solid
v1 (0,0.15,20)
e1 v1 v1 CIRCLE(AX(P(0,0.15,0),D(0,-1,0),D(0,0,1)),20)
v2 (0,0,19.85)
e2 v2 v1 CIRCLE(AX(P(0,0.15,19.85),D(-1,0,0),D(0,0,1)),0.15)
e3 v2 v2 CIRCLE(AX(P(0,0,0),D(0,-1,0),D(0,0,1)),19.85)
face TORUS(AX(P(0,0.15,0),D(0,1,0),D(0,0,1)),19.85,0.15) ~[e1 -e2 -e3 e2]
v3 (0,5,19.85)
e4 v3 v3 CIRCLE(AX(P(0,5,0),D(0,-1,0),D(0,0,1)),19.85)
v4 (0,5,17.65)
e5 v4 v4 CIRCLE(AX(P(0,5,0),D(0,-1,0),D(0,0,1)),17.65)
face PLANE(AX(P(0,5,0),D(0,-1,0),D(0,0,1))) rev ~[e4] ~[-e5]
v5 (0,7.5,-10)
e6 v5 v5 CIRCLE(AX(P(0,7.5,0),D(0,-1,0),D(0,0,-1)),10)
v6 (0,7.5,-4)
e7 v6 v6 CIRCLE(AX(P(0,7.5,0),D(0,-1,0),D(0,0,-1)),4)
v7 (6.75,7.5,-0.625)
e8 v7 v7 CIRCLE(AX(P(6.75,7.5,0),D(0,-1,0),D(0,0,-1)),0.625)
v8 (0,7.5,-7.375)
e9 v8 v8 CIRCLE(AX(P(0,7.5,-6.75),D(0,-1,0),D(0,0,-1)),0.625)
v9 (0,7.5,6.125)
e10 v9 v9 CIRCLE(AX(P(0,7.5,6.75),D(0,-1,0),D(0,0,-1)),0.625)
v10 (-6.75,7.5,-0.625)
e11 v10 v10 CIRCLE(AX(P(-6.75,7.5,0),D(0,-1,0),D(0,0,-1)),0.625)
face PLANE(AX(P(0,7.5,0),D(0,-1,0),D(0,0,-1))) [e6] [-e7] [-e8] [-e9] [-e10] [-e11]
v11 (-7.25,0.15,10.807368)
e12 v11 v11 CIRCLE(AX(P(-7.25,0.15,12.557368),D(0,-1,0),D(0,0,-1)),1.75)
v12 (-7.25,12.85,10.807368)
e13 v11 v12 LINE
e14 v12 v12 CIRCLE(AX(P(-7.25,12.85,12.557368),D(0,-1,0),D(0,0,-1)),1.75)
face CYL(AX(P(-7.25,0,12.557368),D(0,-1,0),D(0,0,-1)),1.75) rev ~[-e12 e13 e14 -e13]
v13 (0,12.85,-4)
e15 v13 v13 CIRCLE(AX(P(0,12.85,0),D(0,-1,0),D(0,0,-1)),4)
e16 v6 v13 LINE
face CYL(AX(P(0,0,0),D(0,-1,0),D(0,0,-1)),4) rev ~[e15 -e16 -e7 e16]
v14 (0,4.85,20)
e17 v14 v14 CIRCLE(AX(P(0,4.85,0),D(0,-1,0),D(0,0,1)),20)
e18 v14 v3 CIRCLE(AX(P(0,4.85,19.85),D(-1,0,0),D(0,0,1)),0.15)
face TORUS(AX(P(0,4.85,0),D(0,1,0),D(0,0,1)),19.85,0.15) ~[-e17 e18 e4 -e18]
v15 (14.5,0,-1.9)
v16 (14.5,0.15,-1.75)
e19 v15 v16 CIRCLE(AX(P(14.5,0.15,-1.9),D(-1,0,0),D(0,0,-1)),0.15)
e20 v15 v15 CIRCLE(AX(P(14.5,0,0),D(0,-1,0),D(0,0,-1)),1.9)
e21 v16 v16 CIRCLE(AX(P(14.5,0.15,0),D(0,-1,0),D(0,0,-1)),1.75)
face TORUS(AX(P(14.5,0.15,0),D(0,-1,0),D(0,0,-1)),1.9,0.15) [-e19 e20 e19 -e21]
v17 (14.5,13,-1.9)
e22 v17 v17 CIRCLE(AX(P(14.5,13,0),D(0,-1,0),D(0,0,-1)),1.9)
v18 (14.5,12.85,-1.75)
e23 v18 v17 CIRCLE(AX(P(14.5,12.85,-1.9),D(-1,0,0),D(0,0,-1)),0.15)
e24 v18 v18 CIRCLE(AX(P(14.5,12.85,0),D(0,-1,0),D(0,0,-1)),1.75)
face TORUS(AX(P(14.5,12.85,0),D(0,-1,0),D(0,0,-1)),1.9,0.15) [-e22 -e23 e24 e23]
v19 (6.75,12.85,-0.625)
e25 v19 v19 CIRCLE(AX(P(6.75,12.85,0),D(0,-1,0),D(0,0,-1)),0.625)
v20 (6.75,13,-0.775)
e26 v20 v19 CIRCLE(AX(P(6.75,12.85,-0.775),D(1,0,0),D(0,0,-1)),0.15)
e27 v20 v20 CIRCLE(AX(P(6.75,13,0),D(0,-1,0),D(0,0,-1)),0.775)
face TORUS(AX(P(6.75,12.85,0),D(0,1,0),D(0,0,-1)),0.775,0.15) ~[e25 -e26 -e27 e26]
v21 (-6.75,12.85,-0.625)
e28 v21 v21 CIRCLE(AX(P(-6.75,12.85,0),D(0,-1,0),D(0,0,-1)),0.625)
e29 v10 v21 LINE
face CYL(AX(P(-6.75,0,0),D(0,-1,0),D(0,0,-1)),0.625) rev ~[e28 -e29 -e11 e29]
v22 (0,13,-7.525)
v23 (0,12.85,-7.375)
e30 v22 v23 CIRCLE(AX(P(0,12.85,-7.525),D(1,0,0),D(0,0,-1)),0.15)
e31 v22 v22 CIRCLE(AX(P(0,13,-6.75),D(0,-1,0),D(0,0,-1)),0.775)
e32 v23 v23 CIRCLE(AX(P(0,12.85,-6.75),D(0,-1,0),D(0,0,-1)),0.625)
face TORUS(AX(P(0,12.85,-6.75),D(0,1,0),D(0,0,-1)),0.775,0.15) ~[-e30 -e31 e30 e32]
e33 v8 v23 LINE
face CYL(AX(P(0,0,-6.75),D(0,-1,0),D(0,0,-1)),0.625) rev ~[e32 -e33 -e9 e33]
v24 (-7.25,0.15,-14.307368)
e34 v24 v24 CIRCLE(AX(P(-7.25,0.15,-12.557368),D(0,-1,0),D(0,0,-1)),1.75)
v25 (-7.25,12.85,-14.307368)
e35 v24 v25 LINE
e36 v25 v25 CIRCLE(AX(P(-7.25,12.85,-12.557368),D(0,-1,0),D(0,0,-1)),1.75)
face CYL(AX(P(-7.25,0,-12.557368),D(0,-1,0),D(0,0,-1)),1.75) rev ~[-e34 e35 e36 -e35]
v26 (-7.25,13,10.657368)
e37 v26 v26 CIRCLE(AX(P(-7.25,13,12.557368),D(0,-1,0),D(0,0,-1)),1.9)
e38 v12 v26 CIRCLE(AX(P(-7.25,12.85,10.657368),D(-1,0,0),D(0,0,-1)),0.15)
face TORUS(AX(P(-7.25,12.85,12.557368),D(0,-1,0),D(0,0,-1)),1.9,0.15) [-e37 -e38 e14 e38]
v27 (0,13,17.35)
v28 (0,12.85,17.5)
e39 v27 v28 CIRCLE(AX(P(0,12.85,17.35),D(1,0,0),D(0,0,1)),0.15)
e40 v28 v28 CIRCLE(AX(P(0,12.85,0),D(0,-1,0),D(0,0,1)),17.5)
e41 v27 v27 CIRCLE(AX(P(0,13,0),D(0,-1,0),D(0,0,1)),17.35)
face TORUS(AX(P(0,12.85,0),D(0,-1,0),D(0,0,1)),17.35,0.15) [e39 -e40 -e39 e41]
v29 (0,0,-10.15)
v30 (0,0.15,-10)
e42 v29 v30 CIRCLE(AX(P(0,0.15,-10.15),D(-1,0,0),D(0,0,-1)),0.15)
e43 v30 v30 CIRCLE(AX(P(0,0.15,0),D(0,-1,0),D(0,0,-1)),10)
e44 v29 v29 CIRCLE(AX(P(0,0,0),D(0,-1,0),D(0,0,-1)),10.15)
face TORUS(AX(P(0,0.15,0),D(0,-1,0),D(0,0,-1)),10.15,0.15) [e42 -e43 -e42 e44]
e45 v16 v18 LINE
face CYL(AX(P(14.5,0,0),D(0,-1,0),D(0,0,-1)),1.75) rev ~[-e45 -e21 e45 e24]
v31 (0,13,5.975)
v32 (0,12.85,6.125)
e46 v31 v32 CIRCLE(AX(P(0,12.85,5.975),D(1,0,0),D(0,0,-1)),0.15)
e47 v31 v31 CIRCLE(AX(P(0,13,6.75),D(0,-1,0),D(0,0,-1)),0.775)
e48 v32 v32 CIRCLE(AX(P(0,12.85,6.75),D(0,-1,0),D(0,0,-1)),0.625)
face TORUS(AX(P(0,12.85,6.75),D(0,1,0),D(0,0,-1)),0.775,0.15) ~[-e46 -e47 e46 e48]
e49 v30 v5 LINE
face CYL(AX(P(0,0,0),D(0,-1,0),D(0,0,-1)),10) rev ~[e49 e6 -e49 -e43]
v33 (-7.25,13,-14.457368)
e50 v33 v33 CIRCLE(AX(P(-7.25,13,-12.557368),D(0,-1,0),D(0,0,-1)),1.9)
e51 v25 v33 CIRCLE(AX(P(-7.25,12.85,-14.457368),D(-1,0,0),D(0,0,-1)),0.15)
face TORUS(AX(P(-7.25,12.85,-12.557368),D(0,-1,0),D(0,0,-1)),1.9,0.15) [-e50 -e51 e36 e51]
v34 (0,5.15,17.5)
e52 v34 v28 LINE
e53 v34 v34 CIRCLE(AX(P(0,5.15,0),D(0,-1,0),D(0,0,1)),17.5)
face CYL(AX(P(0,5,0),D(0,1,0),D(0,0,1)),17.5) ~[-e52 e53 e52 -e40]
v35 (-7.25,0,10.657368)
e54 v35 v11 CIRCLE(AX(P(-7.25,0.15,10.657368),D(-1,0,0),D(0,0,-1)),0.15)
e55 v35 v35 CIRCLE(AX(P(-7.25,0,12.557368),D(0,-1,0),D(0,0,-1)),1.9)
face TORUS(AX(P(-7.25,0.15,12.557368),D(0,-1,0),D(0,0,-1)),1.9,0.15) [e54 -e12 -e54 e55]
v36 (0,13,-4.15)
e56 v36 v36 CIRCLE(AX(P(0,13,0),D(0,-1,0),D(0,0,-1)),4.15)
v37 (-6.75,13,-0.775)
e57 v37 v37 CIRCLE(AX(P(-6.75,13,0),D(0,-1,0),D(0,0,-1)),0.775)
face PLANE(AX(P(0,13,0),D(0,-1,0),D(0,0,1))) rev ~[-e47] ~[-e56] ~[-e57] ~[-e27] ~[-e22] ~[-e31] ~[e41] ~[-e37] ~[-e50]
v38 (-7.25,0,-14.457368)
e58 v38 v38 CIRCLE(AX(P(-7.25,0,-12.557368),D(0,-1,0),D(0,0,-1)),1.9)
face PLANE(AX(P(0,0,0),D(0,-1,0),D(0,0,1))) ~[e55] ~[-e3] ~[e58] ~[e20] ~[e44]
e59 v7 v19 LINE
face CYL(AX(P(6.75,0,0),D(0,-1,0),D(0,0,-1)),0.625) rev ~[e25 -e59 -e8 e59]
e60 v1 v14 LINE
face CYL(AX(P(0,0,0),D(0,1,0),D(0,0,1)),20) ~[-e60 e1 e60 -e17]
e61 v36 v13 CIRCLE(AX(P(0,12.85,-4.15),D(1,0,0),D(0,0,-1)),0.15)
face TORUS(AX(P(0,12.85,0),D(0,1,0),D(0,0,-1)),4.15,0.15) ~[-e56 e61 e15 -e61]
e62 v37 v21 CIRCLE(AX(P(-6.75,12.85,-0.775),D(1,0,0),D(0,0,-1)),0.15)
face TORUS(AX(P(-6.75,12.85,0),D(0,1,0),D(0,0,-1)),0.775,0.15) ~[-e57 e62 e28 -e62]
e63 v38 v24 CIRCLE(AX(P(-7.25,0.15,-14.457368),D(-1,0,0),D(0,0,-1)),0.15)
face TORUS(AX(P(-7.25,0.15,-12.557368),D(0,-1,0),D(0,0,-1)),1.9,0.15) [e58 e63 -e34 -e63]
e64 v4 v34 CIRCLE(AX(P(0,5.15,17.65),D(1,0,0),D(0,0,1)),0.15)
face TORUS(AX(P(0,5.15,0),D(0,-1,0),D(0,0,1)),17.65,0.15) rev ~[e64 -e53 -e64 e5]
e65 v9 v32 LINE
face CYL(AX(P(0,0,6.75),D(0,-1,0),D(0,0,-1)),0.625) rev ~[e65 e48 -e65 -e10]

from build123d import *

# Parameters (mm, degrees)
SKETCH2_R          = 1.75
SKETCH2_R_2        = 4
SKETCH2_R_3        = 0.625
CUT_EXTRUDE1_DEPTH = 32.128764833
SKETCH2_3_R        = 10
CUT_EXTRUDE2_DEPTH = 7.5
FILLET1_R          = 0.15


with BuildPart() as part:
    # Sketch1 → Revolve1 (revolve)
    with BuildSketch(Plane.XY):
        Polygon((0, 0), (-20, 0), (-20, 5), (-17.5, 5), (-17.5, 13), (0, 13), align=None)
    revolve(axis=Axis((0, 13, 0), (0, -1, 0)))

    # Sketch2 → Cut-Extrude1 (cut, through all)
    with BuildSketch(Plane.XZ):
        with Locations((14.5, 0)):
            Circle(SKETCH2_R)
        with Locations((-7.25, -12.557368355)):
            Circle(SKETCH2_R)
        with Locations((-7.25, 12.557368355)):
            Circle(SKETCH2_R)
        Circle(SKETCH2_R_2)
        with Locations((6.75, 0)):
            Circle(SKETCH2_R_3)
        with Locations((0, -6.75)):
            Circle(SKETCH2_R_3)
        with Locations((-6.75, 0)):
            Circle(SKETCH2_R_3)
        with Locations((0, 6.75)):
            Circle(SKETCH2_R_3)
    extrude(amount=-CUT_EXTRUDE1_DEPTH, mode=Mode.SUBTRACT)

    # Sketch2<3> → Cut-Extrude2 (cut)
    with BuildSketch(Plane.XZ):
        Circle(SKETCH2_3_R)
    extrude(amount=-CUT_EXTRUDE2_DEPTH, mode=Mode.SUBTRACT)

    # Fillet1
    fillet1_edges = [part.edges().sort_by_distance(p)[0] for p in [
        (17.5, 13, 0),
        (-0.625, 13, 6.75),
        (-0.625, 13, -6.75),
        (-7.375, 13, 0),
        (-4, 13, 0),
        (6.125, 13, 0),
        (12.75, 13, 0),
        (-9, 13, 12.557368355),
        (-9, 13, -12.557368355),
        (17.5, 5, 0),
        (20, 5, 0),
        (20, 0, 0),
        (12.75, 0, 0),
        (-9, 0, 12.557368355),
        (-9, 0, -12.557368355),
        (-10, 0, 0),
    ]]
    fillet(fillet1_edges, radius=FILLET1_R)


solid = part.part
